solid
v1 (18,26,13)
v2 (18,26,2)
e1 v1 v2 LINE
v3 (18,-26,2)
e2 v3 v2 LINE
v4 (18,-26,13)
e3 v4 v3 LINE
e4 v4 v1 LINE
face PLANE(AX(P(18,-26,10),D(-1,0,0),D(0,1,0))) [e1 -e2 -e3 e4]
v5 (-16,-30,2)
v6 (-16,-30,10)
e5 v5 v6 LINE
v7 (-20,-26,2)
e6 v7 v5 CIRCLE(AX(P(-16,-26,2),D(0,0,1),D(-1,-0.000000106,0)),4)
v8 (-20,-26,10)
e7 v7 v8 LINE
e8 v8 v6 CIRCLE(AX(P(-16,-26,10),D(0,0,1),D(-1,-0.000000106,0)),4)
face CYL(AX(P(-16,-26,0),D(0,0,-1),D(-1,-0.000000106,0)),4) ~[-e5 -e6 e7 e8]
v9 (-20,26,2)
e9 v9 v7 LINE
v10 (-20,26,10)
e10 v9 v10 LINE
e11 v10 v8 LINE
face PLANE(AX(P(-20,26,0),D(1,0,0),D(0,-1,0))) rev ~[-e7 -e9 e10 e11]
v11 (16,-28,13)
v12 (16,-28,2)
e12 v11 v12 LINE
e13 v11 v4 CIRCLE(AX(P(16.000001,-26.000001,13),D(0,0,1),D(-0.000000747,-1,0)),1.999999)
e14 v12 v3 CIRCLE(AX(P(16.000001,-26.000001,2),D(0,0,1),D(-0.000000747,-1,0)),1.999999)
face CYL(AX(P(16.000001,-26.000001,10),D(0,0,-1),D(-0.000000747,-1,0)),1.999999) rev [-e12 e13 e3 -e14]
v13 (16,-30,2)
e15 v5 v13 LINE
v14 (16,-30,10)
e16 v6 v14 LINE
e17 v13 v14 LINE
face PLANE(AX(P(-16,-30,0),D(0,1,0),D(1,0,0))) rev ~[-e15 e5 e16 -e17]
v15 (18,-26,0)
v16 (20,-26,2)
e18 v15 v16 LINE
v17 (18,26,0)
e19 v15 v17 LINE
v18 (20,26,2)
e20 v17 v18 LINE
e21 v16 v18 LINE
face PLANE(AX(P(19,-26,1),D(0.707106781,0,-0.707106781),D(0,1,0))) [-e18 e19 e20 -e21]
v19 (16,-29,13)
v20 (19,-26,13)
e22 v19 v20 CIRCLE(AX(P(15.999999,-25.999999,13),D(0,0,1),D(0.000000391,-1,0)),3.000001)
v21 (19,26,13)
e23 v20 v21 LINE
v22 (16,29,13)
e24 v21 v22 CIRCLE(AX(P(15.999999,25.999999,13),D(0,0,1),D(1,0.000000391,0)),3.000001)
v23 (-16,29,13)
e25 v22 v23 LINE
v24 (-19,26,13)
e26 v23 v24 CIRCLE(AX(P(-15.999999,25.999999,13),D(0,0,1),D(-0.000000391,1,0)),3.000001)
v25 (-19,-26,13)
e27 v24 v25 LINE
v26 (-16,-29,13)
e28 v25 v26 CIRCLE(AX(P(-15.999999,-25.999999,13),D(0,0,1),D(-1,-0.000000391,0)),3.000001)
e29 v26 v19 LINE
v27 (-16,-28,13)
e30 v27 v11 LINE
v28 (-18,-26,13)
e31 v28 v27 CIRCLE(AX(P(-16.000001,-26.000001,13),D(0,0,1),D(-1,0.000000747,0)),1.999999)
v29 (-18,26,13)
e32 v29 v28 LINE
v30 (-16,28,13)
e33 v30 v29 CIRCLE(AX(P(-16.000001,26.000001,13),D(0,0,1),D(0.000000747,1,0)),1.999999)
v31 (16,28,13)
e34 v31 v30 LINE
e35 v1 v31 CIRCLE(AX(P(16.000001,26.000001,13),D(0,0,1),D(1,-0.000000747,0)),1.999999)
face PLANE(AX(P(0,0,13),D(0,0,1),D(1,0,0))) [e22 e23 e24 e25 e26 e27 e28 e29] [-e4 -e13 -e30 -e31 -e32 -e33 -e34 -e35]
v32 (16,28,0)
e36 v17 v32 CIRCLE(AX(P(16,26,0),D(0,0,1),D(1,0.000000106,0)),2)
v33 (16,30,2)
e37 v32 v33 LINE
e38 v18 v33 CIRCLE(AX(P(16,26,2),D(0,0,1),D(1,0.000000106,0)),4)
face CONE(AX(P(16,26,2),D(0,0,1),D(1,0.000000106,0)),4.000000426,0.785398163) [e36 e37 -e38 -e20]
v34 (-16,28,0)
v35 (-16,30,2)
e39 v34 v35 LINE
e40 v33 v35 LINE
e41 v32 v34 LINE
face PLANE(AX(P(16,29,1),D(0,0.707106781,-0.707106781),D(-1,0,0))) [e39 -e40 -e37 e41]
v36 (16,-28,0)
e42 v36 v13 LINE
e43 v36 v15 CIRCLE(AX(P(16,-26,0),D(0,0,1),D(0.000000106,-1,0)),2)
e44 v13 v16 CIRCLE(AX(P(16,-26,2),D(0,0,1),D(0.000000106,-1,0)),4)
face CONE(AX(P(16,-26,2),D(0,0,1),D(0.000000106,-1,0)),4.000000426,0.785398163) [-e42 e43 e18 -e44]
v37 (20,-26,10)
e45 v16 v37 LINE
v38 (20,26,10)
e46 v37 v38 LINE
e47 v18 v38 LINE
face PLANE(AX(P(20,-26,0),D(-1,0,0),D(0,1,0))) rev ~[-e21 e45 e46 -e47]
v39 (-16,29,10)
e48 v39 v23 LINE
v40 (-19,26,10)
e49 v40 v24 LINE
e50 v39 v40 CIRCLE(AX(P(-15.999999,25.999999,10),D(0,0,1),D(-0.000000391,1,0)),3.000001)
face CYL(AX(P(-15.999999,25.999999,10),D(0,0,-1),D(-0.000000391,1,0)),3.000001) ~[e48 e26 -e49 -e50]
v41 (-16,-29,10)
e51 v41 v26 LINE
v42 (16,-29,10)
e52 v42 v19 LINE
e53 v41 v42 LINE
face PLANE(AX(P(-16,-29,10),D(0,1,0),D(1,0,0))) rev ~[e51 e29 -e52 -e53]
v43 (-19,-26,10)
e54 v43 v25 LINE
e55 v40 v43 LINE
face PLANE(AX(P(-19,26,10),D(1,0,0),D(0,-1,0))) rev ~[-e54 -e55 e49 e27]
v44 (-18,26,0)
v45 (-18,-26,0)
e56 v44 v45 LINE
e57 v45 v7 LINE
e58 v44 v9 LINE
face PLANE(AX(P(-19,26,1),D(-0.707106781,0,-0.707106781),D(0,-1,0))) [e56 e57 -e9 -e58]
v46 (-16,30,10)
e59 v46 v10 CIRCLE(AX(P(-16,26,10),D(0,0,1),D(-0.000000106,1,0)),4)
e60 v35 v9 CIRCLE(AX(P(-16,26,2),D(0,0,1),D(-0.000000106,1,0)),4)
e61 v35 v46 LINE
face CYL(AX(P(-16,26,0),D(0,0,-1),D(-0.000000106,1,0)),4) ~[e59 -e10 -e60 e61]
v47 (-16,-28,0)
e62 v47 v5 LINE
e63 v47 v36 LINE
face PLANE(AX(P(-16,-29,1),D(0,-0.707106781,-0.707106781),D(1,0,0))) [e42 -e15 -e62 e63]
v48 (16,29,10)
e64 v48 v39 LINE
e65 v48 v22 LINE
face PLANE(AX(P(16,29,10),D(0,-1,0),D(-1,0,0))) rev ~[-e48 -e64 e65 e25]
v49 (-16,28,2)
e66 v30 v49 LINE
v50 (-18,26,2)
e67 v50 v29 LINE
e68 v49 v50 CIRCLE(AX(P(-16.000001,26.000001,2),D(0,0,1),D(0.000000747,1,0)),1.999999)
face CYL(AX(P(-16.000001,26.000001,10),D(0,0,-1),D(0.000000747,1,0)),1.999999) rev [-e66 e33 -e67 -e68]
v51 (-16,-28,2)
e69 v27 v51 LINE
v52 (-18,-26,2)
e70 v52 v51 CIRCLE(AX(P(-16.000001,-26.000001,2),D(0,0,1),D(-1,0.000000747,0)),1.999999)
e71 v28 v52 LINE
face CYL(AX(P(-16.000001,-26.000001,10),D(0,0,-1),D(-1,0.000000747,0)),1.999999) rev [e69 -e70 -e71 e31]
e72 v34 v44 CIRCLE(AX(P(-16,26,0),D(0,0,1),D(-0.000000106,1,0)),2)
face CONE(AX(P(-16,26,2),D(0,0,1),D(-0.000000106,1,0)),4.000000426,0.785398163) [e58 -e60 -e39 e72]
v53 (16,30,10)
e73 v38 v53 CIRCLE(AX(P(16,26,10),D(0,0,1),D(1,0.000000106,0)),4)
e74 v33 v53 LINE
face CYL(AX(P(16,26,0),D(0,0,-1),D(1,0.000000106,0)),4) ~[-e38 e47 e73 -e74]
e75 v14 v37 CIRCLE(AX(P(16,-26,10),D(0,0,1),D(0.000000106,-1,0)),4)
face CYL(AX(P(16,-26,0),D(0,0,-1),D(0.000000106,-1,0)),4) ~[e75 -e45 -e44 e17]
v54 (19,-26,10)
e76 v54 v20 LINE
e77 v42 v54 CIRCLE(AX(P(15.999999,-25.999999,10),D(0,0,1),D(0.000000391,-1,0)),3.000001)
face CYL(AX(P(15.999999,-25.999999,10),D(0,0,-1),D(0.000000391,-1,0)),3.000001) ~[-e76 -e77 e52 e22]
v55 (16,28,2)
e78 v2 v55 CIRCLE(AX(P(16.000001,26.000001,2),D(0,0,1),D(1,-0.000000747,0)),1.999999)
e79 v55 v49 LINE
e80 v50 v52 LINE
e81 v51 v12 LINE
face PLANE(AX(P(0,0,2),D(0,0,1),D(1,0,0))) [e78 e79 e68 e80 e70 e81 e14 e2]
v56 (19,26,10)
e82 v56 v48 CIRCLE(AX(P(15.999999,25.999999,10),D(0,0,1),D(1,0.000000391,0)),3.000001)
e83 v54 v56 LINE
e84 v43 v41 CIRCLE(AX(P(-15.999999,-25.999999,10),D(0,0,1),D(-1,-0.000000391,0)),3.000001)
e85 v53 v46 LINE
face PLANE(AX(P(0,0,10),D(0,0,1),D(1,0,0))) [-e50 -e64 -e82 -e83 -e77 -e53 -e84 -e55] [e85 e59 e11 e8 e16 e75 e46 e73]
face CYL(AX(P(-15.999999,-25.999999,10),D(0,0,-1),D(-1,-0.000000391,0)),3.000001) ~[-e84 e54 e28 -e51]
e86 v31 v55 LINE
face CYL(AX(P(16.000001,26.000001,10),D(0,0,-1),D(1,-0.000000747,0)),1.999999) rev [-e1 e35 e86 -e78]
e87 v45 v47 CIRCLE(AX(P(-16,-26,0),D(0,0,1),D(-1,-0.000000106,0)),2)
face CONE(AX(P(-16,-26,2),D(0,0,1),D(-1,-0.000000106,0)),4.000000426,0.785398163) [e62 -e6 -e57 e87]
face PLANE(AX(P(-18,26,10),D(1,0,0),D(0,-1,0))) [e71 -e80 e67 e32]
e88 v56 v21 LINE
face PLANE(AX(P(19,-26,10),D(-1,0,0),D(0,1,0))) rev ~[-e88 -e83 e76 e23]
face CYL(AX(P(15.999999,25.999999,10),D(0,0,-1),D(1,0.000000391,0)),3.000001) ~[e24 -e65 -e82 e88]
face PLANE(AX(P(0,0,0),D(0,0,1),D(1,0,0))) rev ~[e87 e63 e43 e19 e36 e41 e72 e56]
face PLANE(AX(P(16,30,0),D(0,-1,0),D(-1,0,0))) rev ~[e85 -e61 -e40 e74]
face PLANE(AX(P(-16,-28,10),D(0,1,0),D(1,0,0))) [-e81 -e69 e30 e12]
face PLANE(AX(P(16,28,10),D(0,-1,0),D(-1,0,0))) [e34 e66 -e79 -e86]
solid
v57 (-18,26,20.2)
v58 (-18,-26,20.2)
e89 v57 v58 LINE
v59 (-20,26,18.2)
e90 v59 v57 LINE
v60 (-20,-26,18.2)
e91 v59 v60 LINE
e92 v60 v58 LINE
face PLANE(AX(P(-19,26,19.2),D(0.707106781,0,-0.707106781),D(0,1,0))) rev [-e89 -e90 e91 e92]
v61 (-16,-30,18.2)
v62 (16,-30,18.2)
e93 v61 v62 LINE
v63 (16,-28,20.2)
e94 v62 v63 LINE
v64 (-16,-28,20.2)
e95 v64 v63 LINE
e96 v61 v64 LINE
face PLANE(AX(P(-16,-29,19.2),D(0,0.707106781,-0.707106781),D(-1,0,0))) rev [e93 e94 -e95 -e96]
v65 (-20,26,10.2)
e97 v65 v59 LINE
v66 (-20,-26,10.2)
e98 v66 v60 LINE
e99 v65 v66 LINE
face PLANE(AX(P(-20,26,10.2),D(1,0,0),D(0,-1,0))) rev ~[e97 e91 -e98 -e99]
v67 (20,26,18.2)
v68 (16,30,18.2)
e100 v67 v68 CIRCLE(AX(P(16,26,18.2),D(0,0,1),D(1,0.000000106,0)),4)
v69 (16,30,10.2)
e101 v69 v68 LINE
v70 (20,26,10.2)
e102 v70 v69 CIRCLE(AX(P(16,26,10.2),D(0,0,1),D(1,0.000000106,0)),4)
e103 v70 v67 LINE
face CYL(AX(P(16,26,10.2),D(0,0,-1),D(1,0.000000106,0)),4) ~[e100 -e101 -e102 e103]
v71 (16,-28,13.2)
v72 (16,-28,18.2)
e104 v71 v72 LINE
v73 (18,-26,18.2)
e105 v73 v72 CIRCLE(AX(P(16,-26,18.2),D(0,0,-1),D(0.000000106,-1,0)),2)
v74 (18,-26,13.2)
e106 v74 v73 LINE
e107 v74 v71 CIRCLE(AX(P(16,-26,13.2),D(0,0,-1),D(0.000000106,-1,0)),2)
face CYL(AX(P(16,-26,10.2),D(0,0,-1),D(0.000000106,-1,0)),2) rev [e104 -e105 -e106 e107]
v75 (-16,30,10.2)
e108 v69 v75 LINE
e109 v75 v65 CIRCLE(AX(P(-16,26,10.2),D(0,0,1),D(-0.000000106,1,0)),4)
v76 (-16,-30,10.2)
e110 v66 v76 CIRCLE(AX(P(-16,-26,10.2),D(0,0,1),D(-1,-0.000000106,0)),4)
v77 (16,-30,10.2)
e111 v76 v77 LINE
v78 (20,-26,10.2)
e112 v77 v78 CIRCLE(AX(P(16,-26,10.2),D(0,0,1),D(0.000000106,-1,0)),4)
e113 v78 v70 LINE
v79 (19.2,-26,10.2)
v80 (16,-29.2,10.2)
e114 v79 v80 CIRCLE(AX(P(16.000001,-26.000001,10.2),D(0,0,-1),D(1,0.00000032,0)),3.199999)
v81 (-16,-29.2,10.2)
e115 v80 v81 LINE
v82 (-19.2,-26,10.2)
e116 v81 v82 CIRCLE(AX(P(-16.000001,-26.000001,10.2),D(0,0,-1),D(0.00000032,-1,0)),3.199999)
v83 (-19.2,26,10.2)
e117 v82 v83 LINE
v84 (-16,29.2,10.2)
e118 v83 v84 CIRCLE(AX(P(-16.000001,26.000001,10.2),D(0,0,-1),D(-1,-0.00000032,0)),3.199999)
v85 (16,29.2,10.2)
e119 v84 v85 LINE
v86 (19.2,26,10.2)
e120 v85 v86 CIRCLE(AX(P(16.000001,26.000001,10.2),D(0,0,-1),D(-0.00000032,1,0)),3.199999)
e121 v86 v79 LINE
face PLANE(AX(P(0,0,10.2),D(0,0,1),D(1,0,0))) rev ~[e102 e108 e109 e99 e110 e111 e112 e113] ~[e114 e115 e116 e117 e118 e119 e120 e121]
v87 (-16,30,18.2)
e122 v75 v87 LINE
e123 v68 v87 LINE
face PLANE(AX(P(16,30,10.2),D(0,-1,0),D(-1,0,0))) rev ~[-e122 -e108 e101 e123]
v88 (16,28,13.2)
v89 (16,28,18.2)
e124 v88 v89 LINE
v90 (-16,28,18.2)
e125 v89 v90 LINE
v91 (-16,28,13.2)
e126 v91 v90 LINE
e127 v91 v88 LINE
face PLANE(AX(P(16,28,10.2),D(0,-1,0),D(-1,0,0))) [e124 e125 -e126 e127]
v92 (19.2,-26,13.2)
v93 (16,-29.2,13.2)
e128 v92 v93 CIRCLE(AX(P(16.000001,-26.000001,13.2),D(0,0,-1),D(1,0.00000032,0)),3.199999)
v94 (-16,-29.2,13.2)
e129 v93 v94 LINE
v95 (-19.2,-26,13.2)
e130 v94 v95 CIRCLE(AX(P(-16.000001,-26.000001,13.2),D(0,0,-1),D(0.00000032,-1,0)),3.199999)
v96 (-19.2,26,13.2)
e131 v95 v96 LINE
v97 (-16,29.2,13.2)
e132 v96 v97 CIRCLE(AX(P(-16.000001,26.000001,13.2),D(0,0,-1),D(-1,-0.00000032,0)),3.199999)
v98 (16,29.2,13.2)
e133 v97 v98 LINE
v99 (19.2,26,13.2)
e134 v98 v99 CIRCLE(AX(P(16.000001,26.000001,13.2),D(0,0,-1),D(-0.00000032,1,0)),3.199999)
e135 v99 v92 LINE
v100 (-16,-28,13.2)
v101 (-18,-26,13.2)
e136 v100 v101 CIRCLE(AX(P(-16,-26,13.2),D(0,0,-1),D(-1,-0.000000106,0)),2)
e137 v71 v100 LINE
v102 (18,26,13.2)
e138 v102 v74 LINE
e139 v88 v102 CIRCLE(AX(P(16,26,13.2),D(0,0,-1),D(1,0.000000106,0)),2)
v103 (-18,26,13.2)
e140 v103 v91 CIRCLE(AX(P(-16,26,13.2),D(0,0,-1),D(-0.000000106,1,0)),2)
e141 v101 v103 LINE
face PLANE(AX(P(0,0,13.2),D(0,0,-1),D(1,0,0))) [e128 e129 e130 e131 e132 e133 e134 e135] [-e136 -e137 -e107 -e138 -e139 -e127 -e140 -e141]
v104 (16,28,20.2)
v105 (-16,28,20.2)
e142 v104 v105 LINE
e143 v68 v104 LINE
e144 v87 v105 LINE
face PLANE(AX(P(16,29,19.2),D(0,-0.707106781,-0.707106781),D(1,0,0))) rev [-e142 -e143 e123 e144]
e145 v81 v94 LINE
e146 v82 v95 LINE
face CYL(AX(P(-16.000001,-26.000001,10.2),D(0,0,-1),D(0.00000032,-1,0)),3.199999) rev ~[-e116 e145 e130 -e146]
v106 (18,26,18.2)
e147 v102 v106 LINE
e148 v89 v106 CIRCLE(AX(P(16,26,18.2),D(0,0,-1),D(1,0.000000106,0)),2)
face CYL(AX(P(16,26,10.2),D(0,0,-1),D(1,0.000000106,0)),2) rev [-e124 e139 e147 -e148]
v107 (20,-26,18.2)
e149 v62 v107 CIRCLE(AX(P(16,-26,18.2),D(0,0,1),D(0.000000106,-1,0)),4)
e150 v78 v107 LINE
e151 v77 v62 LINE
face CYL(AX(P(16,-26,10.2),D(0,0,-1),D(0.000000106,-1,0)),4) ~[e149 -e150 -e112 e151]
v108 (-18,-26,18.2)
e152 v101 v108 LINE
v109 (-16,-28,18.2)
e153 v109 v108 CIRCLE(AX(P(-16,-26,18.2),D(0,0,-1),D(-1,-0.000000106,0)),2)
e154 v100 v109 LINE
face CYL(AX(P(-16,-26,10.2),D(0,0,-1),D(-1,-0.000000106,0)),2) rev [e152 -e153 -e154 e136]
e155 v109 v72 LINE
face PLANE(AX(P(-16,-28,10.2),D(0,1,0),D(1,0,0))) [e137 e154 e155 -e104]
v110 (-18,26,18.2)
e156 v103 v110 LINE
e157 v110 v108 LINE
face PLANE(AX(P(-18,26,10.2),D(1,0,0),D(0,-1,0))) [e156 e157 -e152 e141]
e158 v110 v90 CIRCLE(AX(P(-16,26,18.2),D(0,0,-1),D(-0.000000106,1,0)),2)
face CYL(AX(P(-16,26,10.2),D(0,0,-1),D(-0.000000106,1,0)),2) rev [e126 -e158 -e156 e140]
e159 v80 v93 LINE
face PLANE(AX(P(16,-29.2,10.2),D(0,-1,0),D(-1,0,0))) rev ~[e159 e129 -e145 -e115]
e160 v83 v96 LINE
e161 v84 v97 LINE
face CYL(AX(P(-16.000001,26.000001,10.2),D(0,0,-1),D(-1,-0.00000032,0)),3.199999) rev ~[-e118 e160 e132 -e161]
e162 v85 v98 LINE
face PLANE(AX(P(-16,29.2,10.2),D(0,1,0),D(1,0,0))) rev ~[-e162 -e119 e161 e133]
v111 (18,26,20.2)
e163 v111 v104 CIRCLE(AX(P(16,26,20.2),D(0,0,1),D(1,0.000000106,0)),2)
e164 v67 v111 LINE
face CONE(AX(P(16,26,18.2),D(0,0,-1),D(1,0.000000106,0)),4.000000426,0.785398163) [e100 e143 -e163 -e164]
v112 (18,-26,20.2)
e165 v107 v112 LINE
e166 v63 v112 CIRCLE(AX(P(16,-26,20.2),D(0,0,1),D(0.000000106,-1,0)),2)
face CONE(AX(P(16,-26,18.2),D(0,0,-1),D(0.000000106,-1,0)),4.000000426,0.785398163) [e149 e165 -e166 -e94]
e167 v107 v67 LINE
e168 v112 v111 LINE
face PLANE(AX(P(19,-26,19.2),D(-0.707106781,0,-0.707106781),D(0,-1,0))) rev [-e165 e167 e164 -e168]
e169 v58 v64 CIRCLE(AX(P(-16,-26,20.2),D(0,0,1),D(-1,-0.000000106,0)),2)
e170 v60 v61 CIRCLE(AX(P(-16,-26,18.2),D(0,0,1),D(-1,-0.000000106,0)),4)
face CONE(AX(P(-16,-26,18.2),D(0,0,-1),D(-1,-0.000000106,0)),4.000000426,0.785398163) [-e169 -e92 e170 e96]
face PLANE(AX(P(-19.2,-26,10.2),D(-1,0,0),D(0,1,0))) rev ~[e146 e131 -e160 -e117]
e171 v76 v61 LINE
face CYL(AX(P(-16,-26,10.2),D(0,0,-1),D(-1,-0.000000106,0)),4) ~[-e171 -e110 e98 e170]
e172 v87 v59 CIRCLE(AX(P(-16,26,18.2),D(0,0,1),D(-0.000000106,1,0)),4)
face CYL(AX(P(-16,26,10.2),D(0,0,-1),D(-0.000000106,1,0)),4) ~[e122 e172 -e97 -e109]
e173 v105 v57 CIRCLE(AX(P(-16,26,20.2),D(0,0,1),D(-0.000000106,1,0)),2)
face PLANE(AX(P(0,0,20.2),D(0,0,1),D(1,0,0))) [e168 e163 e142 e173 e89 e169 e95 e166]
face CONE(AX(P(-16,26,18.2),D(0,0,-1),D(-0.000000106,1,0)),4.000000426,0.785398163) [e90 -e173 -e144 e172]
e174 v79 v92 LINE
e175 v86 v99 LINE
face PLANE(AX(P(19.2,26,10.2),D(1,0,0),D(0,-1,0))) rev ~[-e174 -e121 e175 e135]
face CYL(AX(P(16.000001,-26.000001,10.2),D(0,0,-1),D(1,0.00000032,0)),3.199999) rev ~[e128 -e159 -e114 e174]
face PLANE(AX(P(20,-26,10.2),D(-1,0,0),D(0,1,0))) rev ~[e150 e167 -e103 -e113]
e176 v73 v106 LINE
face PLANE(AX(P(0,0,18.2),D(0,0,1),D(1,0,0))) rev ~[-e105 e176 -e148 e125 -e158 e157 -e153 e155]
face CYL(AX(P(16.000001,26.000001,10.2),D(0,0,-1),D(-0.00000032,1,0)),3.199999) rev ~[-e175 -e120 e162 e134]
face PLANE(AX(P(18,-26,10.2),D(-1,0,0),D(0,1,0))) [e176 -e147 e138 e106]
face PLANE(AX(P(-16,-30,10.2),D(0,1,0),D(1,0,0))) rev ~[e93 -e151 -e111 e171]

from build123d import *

# Parameters (mm, degrees)
PAD_DEPTH       = 10
PAD001_DEPTH    = 3
POCKET_DEPTH    = 8
CHAMFER001_SIZE = 2
PAD002_DEPTH    = 10
THICKNESS_T     = -2
POCKET001_DEPTH = 3
CHAMFER_SIZE    = 2


with BuildPart() as base:
    # Sketch → Pad (new body)
    with BuildSketch(Plane.XY):
        with BuildLine():
            Line((-20, 26), (-20, -26))
            ThreePointArc((-20, -26), (-18.828427, -28.828427), (-16, -30))
            Line((-16, -30), (16, -30))
            ThreePointArc((16, -30), (18.828427, -28.828427), (20, -26))
            Line((20, -26), (20, 26))
            ThreePointArc((20, 26), (18.828427, 28.828427), (16, 30))
            Line((16, 30), (-16, 30))
            ThreePointArc((-16, 30), (-18.828427, 28.828427), (-20, 26))
        make_face()
    extrude(amount=PAD_DEPTH)

    # Sketch001 → Pad001 (join)
    with BuildSketch(Plane.XY.offset(10)):
        with BuildLine():
            Line((-19, 26), (-19, -26))
            ThreePointArc((-19, -26), (-18.12132, -28.12132), (-16, -29))
            Line((-16, -29), (16, -29))
            ThreePointArc((16, -29), (18.12132, -28.12132), (19, -26))
            Line((19, -26), (19, 26))
            ThreePointArc((19, 26), (18.12132, 28.12132), (16, 29))
            Line((16, 29), (-16, 29))
            ThreePointArc((-16, 29), (-18.12132, 28.12132), (-19, 26))
        make_face()
        with BuildLine():
            Line((-18, 26), (-18, -26))
            ThreePointArc((-18, -26), (-17.414214, -27.414214), (-16, -28))
            Line((-16, -28), (16, -28))
            ThreePointArc((16, -28), (17.414214, -27.414214), (18, -26))
            Line((18, -26), (18, 26))
            ThreePointArc((18, 26), (17.414214, 27.414214), (16, 28))
            Line((16, 28), (-16, 28))
            ThreePointArc((-16, 28), (-17.414214, 27.414214), (-18, 26))
        make_face(mode=Mode.SUBTRACT)
    extrude(amount=PAD001_DEPTH)

    # Sketch002 (on Face28 of Pad001) → Pocket (cut)
    with BuildSketch(Plane.XY.offset(10)):
        with BuildLine():
            Line((18, -26), (18, 26))
            ThreePointArc((18, 26), (17.414214, 27.414214), (16, 28))
            Line((16, 28), (-16, 28))
            ThreePointArc((-16, 28), (-17.414214, 27.414214), (-18, 26))
            Line((-18, 26), (-18, -26))
            ThreePointArc((-18, -26), (-17.414214, -27.414214), (-16, -28))
            Line((-16, -28), (16, -28))
            ThreePointArc((16, -28), (17.414214, -27.414214), (18, -26))
        make_face()
    extrude(amount=-POCKET_DEPTH, mode=Mode.SUBTRACT)

    # Chamfer001
    chamfer001_edges = [base.edges().sort_by_distance(p)[0] for p in [
        (-18.828427, -28.828427, 0),
        (0, -30, 0),
        (18.828427, -28.828427, 0),
        (20, 0, 0),
        (18.828427, 28.828427, 0),
        (0, 30, 0),
        (-18.828427, 28.828427, 0),
        (-20, 0, 0),
    ]]
    chamfer(chamfer001_edges, length=CHAMFER001_SIZE)


with BuildPart() as lid:
    # Sketch003 → Pad002 (new body)
    with BuildSketch(Plane.XY.offset(10.2)):
        with BuildLine():
            Line((-20, 26), (-20, -26))
            ThreePointArc((-20, -26), (-18.828427, -28.828427), (-16, -30))
            Line((-16, -30), (16, -30))
            ThreePointArc((16, -30), (18.828427, -28.828427), (20, -26))
            Line((20, -26), (20, 26))
            ThreePointArc((20, 26), (18.828427, 28.828427), (16, 30))
            Line((16, 30), (-16, 30))
            ThreePointArc((-16, 30), (-18.828427, 28.828427), (-20, 26))
        make_face()
    extrude(amount=PAD002_DEPTH)

    # Thickness
    thickness_openings = [lid.faces().sort_by_distance(p)[0] for p in [
        (0, 0, 10.2),
    ]]
    offset(amount=THICKNESS_T, openings=thickness_openings)

    # Sketch004 (on Face10 of Thickness) → Pocket001 (cut)
    with BuildSketch(Plane(origin=(0, 0, 10.2), x_dir=(1, 0, 0), z_dir=(0, 0, -1))):
        with BuildLine():
            Line((-19.2, 26), (-19.2, -26))
            ThreePointArc((-19.2, -26), (-18.262742, -28.262742), (-16, -29.2))
            Line((-16, -29.2), (16, -29.2))
            ThreePointArc((16, -29.2), (18.262742, -28.262742), (19.2, -26))
            Line((19.2, -26), (19.2, 26))
            ThreePointArc((19.2, 26), (18.262742, 28.262742), (16, 29.2))
            Line((16, 29.2), (-16, 29.2))
            ThreePointArc((-16, 29.2), (-18.262742, 28.262742), (-19.2, 26))
        make_face()
    extrude(amount=-POCKET001_DEPTH, mode=Mode.SUBTRACT)

    # Chamfer
    chamfer_edges = [lid.edges().sort_by_distance(p)[0] for p in [
        (-20, 0, 20.2),
        (-18.828427, -28.828427, 20.2),
        (0, -30, 20.2),
        (18.828427, -28.828427, 20.2),
        (20, 0, 20.2),
        (18.828427, 28.828427, 20.2),
        (0, 30, 20.2),
        (-18.828427, 28.828427, 20.2),
    ]]
    chamfer(chamfer_edges, length=CHAMFER_SIZE)


solid = Compound([base.part, lid.part])
